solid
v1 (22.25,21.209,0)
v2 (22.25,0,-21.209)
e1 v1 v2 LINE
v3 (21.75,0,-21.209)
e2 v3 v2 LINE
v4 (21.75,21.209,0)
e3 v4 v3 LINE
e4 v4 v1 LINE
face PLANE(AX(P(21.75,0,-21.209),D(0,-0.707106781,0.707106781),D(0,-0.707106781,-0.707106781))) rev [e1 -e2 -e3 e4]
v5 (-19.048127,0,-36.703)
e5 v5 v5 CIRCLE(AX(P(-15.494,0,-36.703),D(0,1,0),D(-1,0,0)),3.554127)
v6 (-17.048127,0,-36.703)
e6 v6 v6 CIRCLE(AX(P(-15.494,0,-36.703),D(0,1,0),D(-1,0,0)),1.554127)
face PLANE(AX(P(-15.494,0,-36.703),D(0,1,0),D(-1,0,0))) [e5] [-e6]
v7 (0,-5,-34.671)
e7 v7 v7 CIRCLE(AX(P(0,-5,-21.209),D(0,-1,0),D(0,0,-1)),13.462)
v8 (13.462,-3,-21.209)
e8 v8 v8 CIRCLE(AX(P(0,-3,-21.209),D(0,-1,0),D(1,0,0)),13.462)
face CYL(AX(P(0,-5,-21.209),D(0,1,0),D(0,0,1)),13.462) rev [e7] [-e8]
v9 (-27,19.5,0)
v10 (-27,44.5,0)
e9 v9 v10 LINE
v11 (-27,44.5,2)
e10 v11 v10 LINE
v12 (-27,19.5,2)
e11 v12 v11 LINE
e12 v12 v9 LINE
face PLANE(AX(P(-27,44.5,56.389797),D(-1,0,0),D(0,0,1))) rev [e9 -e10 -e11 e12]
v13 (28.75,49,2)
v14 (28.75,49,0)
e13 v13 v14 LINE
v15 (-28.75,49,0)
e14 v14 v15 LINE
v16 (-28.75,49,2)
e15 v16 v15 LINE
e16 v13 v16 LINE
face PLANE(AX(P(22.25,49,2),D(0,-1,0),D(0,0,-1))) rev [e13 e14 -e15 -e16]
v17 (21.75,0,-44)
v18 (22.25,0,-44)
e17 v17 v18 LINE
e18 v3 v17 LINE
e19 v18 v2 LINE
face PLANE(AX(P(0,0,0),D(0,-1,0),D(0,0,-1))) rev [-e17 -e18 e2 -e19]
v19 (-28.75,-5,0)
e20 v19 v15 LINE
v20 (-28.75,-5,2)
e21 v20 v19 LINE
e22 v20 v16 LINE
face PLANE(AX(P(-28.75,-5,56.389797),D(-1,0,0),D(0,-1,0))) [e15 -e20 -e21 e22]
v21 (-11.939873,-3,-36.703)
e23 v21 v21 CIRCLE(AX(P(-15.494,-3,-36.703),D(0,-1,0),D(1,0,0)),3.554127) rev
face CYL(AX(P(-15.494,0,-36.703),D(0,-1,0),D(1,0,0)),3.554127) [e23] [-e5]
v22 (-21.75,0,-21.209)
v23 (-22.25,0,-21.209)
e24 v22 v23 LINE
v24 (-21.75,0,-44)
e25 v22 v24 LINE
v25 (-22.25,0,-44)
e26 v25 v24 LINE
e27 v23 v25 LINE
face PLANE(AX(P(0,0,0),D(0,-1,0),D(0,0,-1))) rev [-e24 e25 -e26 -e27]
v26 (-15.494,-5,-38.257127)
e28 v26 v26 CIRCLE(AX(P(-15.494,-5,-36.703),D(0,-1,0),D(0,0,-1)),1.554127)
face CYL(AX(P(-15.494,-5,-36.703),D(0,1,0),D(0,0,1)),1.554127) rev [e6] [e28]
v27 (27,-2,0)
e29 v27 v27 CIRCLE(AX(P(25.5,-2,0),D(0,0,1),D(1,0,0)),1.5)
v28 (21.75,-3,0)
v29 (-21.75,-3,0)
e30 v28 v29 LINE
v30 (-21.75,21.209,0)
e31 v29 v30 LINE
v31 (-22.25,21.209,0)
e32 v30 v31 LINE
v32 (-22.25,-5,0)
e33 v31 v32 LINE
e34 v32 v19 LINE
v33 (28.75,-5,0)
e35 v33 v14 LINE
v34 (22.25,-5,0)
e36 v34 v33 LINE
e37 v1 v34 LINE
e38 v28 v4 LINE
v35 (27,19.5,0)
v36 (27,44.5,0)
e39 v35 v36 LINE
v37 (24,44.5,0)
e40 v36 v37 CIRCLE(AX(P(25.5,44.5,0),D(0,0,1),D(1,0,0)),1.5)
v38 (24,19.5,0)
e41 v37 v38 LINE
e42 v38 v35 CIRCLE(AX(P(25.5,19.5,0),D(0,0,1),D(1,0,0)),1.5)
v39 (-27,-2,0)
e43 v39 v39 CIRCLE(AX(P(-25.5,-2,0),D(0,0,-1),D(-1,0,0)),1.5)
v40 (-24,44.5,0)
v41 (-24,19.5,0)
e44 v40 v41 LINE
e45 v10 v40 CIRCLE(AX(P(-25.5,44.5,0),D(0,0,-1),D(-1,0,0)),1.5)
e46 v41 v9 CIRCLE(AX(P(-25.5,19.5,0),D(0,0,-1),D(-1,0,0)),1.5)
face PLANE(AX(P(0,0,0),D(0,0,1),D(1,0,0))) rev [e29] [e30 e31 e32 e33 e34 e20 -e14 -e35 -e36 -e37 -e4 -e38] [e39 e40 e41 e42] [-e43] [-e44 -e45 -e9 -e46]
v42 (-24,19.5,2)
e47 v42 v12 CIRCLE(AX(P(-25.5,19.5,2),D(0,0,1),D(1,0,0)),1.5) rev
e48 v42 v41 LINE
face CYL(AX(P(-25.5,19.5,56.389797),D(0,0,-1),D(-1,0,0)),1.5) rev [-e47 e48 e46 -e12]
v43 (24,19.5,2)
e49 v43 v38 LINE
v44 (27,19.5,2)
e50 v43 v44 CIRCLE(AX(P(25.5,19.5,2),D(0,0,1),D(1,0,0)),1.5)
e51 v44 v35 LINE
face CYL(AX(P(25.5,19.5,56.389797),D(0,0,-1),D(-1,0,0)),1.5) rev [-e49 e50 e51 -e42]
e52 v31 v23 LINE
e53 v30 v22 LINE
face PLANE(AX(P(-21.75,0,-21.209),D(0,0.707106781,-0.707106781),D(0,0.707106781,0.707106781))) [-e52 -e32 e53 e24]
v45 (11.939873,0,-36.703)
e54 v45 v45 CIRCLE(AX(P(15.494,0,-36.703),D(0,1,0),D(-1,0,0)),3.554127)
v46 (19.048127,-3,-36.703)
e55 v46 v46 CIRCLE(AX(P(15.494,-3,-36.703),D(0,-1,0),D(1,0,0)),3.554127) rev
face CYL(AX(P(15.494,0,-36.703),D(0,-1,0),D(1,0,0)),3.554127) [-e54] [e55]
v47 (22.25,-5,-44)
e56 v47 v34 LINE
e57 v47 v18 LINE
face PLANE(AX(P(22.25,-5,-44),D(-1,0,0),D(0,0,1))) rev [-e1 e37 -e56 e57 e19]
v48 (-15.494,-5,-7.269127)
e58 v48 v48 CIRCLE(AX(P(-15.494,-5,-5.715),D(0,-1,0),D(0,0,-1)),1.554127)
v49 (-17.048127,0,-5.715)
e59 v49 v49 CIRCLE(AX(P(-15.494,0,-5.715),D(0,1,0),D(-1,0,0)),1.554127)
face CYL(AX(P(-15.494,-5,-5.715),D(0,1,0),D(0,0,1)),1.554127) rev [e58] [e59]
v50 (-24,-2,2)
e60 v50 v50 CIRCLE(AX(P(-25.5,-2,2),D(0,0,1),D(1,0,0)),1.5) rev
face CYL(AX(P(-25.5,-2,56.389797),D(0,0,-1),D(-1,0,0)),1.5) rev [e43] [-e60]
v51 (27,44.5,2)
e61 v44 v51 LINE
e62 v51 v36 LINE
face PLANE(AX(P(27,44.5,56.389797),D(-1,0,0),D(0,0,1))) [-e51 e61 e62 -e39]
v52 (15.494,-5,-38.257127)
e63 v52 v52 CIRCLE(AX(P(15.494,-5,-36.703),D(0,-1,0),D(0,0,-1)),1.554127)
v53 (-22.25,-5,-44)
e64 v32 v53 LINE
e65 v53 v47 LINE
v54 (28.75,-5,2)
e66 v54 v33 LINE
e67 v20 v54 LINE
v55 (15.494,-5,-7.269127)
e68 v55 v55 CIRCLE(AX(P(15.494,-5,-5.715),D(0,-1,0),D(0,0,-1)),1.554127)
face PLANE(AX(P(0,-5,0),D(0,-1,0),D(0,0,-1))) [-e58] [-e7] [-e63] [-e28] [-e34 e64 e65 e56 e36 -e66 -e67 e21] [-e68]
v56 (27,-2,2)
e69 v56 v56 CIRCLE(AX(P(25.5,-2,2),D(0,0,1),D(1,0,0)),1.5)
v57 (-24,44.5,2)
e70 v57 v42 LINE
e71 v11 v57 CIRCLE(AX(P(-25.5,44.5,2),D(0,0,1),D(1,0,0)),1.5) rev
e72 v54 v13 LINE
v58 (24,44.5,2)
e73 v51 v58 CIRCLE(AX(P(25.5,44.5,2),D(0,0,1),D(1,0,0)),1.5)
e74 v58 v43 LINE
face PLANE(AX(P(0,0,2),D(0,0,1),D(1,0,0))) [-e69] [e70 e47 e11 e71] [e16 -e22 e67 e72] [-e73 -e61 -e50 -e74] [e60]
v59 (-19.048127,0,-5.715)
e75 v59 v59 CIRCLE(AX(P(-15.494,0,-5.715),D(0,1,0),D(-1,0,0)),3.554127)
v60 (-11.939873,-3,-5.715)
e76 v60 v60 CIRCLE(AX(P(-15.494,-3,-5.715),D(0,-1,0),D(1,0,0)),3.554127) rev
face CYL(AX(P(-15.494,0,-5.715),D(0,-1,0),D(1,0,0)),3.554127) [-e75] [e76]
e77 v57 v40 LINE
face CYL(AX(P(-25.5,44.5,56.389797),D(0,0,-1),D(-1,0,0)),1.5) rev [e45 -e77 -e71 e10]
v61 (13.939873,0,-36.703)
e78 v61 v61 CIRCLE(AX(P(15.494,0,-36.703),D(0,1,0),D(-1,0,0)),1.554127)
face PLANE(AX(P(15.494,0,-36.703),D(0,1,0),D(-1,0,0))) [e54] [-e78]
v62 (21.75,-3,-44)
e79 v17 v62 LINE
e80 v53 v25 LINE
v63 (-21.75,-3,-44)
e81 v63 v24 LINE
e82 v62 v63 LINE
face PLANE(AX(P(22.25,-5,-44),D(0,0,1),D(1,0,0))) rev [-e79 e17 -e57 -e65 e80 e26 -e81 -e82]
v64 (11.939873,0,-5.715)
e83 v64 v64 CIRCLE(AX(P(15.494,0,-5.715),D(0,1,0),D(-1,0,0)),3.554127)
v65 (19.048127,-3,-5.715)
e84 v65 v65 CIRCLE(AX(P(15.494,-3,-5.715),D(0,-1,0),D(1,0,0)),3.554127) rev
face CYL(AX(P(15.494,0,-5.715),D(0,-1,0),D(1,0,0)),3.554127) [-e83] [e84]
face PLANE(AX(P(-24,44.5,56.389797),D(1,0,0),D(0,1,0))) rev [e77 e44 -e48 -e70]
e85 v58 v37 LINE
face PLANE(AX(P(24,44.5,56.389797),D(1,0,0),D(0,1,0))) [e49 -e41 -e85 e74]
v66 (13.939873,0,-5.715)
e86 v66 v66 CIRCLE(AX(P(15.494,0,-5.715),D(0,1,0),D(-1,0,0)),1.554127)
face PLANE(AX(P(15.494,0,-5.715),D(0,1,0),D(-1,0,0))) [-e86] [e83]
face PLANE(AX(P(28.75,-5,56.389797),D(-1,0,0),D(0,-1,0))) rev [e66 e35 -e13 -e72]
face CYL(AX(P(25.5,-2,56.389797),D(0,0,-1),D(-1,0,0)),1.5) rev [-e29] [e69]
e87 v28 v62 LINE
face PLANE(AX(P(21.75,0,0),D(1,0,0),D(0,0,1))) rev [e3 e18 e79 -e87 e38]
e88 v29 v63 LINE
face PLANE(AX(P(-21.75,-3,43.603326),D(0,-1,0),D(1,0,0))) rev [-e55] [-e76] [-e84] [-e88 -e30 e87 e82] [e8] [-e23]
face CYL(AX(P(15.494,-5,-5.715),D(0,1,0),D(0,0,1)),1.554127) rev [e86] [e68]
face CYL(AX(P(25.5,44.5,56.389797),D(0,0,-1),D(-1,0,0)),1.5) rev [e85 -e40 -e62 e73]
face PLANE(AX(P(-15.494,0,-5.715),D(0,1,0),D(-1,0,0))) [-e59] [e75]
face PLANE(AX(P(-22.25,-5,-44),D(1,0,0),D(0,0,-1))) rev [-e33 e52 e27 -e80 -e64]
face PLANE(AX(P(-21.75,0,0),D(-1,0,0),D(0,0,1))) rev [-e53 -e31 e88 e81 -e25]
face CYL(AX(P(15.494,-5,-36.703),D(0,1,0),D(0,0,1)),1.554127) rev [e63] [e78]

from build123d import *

# Parameters (mm, degrees)
SKETCH3_W                = 44.5
SKETCH3_H                = 44
SKETCH3_R                = 13.462
SKETCH3_R_2              = 1.554126588
FRONT_FACE_DEPTH         = 5
SKETCH4_W                = 44.5
SKETCH4_H                = 54
BOTTOM_PLATE_DEPTH       = 2
RIB_DEPTH                = 0.5
SKETCH6_W                = 6.5
SKETCH6_H                = 54
SKETCH6_R                = 1.5
BOTTOM_SCREW_HOLES_DEPTH = 2
SKETCH7_W                = 43.5
SKETCH7_H                = 3
CUT_EXTRUDE1_DEPTH       = 44
SKETCH8_R                = 3.554126588
SKETCH8_R_2              = 1.554126588
BOSS_EXTRUDE5_DEPTH      = 3


with BuildPart() as part:
    # Sketch3 → Front Face (new body)
    with BuildSketch(Plane.XZ):
        with Locations((0, -22)):
            Rectangle(SKETCH3_W, SKETCH3_H)
        with Locations((0, -21.209)):
            Circle(SKETCH3_R, mode=Mode.SUBTRACT)
        with Locations((15.494, -5.715)):
            Circle(SKETCH3_R_2, mode=Mode.SUBTRACT)
        with Locations((-15.494, -5.715)):
            Circle(SKETCH3_R_2, mode=Mode.SUBTRACT)
        with Locations((-15.494, -36.703)):
            Circle(SKETCH3_R_2, mode=Mode.SUBTRACT)
        with Locations((15.494, -36.703)):
            Circle(SKETCH3_R_2, mode=Mode.SUBTRACT)
    front_face = extrude(amount=FRONT_FACE_DEPTH)

    # Sketch4 → Bottom Plate (add)
    with BuildSketch(Plane.XY):
        with Locations((0, 22)):
            Rectangle(SKETCH4_W, SKETCH4_H)
    bottom_plate = extrude(amount=BOTTOM_PLATE_DEPTH)

    # Sketch5 → Rib (add)
    with BuildSketch(Plane.ZY.offset(22.25)):
        Polygon((-21.209, 0), (0, 21.209), (0, 0), align=None)
    rib = extrude(amount=-RIB_DEPTH)

    # Sketch6 → Bottom Screw Holes (add)
    with BuildSketch(Plane(origin=(21.209, 47.45, 0), x_dir=(-1, 0, 0), z_dir=(0, 0, -1))):
        with Locations((46.709, -25.45)):
            Rectangle(SKETCH6_W, SKETCH6_H)
        with Locations((46.709, -49.45)):
            Circle(SKETCH6_R, mode=Mode.SUBTRACT)
        with BuildLine():
            Line((48.209, -2.95), (48.209, -27.95))
            ThreePointArc((48.209, -27.95), (46.709, -29.45), (45.209, -27.95))
            Line((45.209, -27.95), (45.209, -2.95))
            ThreePointArc((45.209, -2.95), (46.709, -1.45), (48.209, -2.95))
        make_face(mode=Mode.SUBTRACT)
    bottom_screw_holes = extrude(amount=-BOTTOM_SCREW_HOLES_DEPTH)

    # Mirror of Rib and Bottom Screws: Front Face, Bottom Plate, Rib, Bottom Screw Holes across plane
    add(front_face.mirror(Plane.ZY))
    add(bottom_plate.mirror(Plane.ZY))
    add(rib.mirror(Plane.ZY))
    add(bottom_screw_holes.mirror(Plane.ZY))

    # Sketch7 → Cut-Extrude1 (cut)
    with BuildSketch(Plane(origin=(0, 0, -44), x_dir=(-1, 0, 0), z_dir=(0, 0, -1))):
        with Locations((0, -1.5)):
            Rectangle(SKETCH7_W, SKETCH7_H)
    extrude(amount=-CUT_EXTRUDE1_DEPTH, mode=Mode.SUBTRACT)

    # Sketch8 → Boss-Extrude5 (add)
    with BuildSketch(Plane(origin=(0, -3, 0), x_dir=(1, 0, 0), z_dir=(0, 1, 0))):
        with Locations((-15.494, 36.703)):
            Circle(SKETCH8_R)
        with Locations((-15.494, 36.703)):
            Circle(SKETCH8_R_2, mode=Mode.SUBTRACT)
        with Locations((15.494, 36.703)):
            Circle(SKETCH8_R)
        with Locations((15.494, 36.703)):
            Circle(SKETCH8_R_2, mode=Mode.SUBTRACT)
        with Locations((15.494, 5.715)):
            Circle(SKETCH8_R)
        with Locations((15.494, 5.715)):
            Circle(SKETCH8_R_2, mode=Mode.SUBTRACT)
        with Locations((-15.494, 5.715)):
            Circle(SKETCH8_R)
        with Locations((-15.494, 5.715)):
            Circle(SKETCH8_R_2, mode=Mode.SUBTRACT)
    extrude(amount=BOSS_EXTRUDE5_DEPTH)


solid = part.part
